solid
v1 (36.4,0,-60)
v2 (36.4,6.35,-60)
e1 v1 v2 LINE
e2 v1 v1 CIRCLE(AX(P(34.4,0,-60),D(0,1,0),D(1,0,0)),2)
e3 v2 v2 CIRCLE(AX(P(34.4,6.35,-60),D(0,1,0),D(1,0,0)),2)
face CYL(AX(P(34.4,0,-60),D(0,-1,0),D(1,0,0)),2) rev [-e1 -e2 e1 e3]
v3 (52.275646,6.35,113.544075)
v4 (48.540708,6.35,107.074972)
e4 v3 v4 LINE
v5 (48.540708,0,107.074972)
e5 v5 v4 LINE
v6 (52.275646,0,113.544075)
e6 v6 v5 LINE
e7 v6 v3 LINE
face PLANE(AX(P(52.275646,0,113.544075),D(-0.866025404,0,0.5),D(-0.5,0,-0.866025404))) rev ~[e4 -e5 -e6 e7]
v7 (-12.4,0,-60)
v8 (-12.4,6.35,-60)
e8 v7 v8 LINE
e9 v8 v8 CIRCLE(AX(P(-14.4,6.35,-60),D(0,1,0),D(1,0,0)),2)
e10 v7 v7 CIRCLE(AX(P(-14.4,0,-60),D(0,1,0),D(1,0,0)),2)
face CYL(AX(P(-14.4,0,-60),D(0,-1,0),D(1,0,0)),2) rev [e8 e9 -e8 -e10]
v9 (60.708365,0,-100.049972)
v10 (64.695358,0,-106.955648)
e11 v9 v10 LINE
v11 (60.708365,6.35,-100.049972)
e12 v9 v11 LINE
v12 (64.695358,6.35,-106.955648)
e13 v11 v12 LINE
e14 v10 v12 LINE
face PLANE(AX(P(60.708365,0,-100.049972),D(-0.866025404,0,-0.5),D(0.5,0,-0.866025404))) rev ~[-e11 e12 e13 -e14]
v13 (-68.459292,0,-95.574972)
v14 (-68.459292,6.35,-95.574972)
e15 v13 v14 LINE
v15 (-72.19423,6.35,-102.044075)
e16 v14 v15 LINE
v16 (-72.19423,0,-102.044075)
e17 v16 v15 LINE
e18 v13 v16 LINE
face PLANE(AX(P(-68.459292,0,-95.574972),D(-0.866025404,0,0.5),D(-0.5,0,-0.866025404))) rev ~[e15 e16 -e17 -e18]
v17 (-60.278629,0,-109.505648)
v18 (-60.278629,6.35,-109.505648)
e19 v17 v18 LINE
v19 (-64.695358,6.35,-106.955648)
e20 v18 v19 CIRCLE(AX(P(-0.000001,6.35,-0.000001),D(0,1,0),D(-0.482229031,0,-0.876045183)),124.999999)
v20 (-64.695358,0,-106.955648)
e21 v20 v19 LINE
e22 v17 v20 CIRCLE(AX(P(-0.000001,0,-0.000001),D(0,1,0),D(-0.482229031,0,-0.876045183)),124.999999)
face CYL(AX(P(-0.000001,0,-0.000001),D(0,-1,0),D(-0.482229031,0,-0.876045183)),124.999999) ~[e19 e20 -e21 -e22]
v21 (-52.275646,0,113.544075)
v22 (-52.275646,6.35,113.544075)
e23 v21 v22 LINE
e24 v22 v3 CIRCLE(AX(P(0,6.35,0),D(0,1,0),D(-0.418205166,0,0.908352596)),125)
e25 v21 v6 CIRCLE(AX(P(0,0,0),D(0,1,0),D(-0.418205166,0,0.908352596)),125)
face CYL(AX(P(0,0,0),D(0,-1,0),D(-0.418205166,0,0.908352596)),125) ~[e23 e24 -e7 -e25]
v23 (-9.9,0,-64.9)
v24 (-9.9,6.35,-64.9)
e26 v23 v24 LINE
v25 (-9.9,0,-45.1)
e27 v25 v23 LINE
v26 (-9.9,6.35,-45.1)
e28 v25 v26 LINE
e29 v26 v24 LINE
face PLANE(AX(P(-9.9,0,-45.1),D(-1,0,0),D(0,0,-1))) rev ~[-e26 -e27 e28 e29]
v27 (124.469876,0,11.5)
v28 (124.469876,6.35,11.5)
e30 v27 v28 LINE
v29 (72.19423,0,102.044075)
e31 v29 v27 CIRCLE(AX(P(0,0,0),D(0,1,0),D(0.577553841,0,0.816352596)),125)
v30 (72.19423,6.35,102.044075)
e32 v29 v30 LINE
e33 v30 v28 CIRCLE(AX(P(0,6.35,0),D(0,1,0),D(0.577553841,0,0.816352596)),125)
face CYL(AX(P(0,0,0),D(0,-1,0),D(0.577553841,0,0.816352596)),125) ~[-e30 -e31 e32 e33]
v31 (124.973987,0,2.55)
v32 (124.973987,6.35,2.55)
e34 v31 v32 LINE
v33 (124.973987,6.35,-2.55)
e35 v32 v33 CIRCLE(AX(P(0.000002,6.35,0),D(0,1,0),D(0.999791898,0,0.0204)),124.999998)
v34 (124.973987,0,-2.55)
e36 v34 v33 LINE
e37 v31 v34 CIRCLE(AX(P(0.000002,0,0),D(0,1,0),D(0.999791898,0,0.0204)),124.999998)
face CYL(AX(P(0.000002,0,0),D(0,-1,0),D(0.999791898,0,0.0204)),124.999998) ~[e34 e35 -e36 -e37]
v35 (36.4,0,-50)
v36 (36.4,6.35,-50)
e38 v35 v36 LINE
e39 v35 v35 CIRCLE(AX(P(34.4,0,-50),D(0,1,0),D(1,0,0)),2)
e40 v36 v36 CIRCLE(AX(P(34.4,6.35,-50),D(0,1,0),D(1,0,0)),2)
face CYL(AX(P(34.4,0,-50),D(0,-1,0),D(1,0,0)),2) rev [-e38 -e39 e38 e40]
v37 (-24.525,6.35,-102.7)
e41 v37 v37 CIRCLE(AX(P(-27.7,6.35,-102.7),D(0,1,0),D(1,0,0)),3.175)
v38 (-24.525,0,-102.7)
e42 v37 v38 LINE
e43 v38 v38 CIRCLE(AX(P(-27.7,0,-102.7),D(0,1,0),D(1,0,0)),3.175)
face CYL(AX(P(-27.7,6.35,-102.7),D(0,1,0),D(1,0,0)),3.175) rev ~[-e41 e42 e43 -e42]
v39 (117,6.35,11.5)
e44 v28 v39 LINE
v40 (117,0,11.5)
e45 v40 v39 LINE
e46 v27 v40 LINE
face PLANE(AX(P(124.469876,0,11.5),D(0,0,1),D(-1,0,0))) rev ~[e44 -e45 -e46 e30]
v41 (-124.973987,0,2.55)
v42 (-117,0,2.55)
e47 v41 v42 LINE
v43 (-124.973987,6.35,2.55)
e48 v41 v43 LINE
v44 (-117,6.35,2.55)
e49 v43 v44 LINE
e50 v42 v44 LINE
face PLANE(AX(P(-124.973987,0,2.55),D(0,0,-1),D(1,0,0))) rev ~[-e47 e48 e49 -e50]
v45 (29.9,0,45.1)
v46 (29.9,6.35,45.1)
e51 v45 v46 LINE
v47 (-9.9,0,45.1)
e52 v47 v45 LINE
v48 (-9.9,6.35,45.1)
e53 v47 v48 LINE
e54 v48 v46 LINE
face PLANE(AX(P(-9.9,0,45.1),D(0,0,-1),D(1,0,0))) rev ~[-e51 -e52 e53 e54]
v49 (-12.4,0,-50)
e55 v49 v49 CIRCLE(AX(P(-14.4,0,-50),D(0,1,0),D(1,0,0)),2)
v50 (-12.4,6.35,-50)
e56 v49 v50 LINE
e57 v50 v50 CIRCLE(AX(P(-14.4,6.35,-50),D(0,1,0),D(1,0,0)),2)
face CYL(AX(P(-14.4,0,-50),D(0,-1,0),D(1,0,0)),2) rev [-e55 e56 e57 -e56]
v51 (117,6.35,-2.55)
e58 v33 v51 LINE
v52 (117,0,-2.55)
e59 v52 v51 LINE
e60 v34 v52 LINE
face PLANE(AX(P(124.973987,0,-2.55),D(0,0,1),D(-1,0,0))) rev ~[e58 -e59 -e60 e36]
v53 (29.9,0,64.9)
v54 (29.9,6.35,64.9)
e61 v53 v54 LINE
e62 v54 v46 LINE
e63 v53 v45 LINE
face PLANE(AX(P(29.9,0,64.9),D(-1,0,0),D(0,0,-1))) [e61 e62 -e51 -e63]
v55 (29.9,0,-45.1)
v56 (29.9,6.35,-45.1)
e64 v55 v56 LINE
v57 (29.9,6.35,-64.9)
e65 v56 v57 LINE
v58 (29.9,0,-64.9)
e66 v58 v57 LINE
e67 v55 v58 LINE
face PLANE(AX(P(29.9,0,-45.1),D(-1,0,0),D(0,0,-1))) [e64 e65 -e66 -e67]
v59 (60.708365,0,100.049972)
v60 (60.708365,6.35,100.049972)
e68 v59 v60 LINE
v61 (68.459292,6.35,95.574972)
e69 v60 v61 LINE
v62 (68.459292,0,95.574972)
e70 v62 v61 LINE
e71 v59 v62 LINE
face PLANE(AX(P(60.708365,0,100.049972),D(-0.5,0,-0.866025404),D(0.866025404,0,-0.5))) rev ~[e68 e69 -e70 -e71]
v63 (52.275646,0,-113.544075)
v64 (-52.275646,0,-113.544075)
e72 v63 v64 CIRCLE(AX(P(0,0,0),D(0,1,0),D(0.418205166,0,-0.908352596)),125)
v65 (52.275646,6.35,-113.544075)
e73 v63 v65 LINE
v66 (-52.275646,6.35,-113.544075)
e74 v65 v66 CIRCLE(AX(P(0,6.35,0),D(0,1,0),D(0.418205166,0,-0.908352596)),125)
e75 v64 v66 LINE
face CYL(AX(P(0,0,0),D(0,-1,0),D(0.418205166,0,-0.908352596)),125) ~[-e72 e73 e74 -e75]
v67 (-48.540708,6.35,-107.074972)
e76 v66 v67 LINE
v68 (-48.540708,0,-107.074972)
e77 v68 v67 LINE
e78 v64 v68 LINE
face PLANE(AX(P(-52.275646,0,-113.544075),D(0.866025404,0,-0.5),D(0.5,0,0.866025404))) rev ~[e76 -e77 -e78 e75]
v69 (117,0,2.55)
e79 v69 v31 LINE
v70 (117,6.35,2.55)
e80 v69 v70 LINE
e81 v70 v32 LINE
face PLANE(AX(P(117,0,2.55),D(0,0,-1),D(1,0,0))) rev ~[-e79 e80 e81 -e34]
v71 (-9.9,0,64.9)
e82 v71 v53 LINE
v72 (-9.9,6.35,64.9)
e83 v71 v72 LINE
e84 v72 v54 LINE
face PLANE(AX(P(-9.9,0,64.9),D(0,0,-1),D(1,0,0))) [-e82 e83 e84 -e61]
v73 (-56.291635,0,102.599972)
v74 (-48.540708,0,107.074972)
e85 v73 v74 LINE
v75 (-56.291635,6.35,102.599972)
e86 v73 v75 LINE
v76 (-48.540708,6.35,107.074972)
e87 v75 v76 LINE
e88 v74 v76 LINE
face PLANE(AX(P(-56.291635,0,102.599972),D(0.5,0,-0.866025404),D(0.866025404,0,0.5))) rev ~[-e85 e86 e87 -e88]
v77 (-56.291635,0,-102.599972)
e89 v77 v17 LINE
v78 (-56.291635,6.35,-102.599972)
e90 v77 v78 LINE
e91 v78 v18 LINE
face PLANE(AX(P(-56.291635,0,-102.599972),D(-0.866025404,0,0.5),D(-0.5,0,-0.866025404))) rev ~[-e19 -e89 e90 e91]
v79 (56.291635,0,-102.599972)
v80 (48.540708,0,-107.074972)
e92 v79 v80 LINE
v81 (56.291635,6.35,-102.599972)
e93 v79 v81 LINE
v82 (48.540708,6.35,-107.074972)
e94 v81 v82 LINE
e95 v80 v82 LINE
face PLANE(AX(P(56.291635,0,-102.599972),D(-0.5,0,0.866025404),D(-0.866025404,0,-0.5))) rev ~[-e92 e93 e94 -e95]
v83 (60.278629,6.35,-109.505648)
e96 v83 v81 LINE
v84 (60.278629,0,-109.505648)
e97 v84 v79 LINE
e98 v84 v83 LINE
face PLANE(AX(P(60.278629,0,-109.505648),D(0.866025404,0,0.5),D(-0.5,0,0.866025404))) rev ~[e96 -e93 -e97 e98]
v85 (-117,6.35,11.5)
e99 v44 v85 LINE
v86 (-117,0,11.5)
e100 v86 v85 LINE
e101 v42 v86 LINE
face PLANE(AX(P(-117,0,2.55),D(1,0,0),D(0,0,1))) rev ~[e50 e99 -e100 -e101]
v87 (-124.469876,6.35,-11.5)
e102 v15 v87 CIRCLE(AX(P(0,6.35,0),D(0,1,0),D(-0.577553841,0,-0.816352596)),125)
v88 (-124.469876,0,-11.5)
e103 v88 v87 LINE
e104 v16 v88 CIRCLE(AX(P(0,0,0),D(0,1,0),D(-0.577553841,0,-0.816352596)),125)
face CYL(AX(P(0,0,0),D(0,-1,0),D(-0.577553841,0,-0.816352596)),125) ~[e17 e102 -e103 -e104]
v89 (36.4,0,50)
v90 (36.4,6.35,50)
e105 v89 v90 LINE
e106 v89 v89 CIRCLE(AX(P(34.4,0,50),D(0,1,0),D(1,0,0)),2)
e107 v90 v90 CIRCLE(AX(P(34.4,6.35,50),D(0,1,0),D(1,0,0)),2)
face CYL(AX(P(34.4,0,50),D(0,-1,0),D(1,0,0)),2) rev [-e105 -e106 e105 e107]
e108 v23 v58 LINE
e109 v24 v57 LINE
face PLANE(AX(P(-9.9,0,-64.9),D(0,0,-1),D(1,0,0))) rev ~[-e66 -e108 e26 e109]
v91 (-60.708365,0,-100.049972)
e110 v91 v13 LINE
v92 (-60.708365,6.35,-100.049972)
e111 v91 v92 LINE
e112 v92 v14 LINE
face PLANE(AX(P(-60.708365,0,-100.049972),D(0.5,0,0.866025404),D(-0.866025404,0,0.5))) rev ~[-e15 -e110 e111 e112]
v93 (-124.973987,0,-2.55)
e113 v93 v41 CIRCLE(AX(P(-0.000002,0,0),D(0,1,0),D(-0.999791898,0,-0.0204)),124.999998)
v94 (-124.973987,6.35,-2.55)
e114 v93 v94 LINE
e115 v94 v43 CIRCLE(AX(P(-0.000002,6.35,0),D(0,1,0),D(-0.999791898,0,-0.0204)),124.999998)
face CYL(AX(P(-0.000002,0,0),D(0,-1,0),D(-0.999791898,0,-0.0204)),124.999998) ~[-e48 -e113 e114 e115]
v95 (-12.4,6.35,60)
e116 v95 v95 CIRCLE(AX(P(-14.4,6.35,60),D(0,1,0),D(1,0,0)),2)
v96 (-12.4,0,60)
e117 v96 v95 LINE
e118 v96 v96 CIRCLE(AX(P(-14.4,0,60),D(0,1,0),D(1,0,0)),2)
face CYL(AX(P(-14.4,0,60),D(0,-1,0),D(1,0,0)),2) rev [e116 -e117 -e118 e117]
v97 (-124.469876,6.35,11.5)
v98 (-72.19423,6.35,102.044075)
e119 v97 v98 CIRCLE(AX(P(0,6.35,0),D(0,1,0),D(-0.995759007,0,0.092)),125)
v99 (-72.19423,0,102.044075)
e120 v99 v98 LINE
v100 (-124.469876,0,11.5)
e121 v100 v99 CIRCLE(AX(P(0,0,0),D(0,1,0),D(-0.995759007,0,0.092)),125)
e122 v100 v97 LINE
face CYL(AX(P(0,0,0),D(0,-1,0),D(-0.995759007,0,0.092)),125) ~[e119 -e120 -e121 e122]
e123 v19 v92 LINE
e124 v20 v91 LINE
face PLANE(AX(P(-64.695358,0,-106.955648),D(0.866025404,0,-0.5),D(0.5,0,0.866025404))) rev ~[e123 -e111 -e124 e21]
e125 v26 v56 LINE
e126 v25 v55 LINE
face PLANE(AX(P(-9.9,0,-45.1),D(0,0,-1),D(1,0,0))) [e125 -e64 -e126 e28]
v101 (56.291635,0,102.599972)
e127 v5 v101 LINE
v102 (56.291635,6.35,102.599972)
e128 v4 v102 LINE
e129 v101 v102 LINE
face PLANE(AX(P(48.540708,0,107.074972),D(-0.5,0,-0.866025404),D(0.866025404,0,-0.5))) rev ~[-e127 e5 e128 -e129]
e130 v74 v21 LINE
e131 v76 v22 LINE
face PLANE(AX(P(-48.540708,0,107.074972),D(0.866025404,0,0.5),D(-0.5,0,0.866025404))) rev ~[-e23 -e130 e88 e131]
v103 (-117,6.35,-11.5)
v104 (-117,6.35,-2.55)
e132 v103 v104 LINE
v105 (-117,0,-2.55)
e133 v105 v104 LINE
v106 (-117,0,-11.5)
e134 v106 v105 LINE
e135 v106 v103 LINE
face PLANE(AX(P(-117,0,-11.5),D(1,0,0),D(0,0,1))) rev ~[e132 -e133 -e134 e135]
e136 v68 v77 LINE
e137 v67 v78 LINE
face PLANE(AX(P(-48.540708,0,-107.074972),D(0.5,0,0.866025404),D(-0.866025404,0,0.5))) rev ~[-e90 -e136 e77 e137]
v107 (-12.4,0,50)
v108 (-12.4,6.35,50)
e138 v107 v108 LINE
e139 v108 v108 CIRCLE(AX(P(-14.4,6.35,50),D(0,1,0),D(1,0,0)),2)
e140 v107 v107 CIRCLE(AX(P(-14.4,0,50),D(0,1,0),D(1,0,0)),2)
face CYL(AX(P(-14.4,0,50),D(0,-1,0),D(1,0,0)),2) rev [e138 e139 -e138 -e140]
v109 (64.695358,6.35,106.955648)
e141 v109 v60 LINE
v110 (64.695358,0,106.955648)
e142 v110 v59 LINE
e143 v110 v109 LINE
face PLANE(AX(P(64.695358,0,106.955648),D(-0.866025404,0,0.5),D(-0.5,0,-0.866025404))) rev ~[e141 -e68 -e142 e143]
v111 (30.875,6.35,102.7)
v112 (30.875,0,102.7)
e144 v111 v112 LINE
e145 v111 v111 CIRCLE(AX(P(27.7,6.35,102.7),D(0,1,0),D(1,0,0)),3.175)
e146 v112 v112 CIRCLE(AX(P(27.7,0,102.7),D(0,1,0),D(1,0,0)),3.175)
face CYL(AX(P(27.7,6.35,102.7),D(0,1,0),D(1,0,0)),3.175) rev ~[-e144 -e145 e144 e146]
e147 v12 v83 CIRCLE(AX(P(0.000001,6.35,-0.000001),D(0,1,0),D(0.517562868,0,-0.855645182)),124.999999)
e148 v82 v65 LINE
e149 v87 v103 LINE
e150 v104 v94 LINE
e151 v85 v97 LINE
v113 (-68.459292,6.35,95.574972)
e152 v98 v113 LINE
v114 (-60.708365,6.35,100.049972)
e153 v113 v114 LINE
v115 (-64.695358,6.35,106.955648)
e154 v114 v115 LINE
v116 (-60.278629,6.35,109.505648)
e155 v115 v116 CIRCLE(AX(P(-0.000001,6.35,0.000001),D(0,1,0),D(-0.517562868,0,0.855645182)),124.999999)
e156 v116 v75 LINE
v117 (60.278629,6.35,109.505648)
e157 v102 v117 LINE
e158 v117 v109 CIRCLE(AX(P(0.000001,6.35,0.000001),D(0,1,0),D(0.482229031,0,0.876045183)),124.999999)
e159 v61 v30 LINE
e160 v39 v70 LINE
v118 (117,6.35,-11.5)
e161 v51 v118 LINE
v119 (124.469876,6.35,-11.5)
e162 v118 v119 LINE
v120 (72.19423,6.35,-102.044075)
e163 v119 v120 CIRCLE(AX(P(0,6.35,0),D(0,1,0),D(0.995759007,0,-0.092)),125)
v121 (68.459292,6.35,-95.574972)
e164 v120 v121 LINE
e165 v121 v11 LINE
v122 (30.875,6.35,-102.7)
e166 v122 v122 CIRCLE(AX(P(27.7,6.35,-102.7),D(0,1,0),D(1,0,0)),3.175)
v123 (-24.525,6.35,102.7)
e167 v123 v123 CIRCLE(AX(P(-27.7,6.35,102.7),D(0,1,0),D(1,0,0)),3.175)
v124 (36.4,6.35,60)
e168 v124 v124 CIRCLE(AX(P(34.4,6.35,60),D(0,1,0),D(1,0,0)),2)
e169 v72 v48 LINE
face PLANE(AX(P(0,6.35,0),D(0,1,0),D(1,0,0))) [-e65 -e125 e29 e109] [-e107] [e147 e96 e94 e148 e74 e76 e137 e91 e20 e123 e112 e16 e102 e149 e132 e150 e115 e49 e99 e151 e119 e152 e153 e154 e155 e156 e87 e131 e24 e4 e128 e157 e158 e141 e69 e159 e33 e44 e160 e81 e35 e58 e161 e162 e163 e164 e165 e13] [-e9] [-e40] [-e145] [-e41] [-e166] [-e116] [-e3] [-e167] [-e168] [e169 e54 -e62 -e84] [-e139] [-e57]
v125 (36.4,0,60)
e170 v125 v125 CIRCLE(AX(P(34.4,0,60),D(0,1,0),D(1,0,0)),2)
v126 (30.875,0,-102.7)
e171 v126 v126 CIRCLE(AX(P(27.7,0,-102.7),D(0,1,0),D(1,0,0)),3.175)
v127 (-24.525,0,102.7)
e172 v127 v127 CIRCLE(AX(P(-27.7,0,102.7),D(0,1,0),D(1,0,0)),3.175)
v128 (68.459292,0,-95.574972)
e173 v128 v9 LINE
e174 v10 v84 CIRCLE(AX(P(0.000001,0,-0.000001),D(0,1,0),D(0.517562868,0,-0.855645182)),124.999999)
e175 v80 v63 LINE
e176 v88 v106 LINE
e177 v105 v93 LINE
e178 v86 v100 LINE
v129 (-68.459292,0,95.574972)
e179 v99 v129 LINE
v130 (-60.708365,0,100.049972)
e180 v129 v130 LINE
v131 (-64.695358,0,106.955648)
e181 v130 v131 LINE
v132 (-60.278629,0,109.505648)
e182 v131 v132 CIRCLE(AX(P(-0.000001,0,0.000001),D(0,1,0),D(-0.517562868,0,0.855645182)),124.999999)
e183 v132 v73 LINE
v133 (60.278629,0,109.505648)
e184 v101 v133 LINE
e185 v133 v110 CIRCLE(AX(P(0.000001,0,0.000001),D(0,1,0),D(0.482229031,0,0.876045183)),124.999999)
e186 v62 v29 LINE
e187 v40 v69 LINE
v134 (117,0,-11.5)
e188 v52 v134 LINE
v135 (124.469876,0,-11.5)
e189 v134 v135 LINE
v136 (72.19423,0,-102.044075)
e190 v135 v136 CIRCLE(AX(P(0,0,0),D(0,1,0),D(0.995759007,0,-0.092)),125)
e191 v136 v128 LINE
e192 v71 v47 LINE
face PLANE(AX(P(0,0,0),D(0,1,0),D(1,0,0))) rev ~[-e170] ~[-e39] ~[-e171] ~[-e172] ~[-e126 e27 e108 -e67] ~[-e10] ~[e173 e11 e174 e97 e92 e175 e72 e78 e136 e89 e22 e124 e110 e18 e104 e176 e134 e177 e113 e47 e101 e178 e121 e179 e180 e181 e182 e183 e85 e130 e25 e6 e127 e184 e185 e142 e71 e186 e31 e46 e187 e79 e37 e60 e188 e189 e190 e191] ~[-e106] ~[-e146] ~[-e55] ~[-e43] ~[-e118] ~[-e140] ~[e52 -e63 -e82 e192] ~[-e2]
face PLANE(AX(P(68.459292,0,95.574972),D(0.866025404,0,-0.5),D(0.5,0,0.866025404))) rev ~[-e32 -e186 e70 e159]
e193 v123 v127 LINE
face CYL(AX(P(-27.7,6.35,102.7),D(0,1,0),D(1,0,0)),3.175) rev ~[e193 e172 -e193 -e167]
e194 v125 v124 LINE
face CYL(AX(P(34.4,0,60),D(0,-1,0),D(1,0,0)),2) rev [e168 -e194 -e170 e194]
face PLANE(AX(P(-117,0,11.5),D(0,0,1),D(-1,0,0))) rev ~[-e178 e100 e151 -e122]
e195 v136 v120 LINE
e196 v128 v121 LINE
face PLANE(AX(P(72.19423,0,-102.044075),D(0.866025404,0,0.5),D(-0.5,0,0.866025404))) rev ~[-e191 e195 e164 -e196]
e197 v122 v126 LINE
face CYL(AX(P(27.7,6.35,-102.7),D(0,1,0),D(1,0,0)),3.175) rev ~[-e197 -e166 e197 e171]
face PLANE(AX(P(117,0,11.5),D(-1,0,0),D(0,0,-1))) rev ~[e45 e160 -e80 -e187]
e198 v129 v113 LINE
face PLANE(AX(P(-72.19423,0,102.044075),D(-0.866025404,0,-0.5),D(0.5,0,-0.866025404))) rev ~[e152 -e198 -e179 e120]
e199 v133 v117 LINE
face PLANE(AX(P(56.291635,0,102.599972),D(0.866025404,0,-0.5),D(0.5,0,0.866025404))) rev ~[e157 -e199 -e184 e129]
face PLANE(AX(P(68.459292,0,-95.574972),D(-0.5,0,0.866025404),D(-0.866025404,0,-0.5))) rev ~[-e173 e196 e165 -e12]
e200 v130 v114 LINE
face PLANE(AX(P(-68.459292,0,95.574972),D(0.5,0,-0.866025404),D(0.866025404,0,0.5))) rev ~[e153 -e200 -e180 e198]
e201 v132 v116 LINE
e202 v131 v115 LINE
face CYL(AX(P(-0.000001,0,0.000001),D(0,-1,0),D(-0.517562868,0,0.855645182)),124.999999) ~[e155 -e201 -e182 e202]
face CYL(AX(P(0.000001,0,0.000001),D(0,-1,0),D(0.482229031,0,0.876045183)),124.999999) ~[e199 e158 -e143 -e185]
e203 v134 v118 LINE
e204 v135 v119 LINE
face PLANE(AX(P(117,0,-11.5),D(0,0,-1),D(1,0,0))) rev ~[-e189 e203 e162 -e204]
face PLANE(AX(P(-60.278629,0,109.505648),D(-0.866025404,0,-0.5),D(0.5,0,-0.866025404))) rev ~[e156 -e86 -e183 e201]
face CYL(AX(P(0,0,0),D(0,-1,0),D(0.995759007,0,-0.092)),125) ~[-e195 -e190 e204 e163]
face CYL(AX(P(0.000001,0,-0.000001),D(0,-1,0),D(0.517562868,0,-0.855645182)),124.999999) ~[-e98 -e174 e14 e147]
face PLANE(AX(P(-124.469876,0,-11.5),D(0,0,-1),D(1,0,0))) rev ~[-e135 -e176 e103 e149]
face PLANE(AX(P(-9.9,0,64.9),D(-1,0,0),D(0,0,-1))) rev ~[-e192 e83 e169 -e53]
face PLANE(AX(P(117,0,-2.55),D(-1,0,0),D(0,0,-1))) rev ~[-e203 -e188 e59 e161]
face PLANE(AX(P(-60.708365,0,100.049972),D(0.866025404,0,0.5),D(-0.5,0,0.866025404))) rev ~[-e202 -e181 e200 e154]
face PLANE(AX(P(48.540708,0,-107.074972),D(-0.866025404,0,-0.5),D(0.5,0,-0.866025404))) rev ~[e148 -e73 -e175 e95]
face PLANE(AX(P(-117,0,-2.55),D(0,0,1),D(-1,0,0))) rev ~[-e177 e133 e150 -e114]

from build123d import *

# Parameters (mm, degrees)
SKETCH1_R           = 2
SKETCH1_W           = 39.8
SKETCH1_H           = 19.8
BOSS_EXTRUDE1_DEPTH = 6.35
SKETCH3_R           = 3.175
CUT_EXTRUDE1_DEPTH  = 6.35


with BuildPart() as part:
    # Sketch1 → Boss-Extrude1 (new body)
    with BuildSketch(Plane(origin=(0, 0, 0), x_dir=(1, 0, 0), z_dir=(0, 1, 0))):
        with BuildLine():
            Line((-124.469875874, 11.5), (-117, 11.5))
            Line((-117, 11.5), (-117, 2.55))
            Line((-117, 2.55), (-124.973987293, 2.55))
            ThreePointArc((-124.973987293, 2.55), (-125, 0), (-124.973987293, -2.55))
            Line((-124.973987293, -2.55), (-117, -2.55))
            Line((-117, -2.55), (-117, -11.5))
            Line((-117, -11.5), (-124.469875874, -11.5))
            ThreePointArc((-124.469875874, -11.5), (-108.253175473, -62.5), (-72.19423008, -102.044074512))
            Line((-72.19423008, -102.044074512), (-68.459292144, -95.574972243))
            Line((-68.459292144, -95.574972243), (-60.70836478, -100.049972243))
            Line((-60.70836478, -100.049972243), (-64.695358426, -106.955647808))
            ThreePointArc((-64.695358426, -106.955647808), (-62.5, -108.253175473), (-60.278628867, -109.505647808))
            Line((-60.278628867, -109.505647808), (-56.29163522, -102.599972243))
            Line((-56.29163522, -102.599972243), (-48.540707856, -107.074972243))
            Line((-48.540707856, -107.074972243), (-52.275645793, -113.544074512))
            ThreePointArc((-52.275645793, -113.544074512), (0, -125), (52.275645793, -113.544074512))
            Line((52.275645793, -113.544074512), (48.540707856, -107.074972243))
            Line((48.540707856, -107.074972243), (56.29163522, -102.599972243))
            Line((56.29163522, -102.599972243), (60.278628867, -109.505647808))
            ThreePointArc((60.278628867, -109.505647808), (62.5, -108.253175473), (64.695358426, -106.955647808))
            Line((64.695358426, -106.955647808), (60.70836478, -100.049972243))
            Line((60.70836478, -100.049972243), (68.459292144, -95.574972243))
            Line((68.459292144, -95.574972243), (72.19423008, -102.044074512))
            ThreePointArc((72.19423008, -102.044074512), (108.253175473, -62.5), (124.469875874, -11.5))
            Line((124.469875874, -11.5), (117, -11.5))
            Line((117, -11.5), (117, -2.55))
            Line((117, -2.55), (124.973987293, -2.55))
            ThreePointArc((124.973987293, -2.55), (125, 0), (124.973987293, 2.55))
            Line((124.973987293, 2.55), (117, 2.55))
            Line((117, 2.55), (117, 11.5))
            Line((117, 11.5), (124.469875874, 11.5))
            ThreePointArc((124.469875874, 11.5), (108.253175473, 62.5), (72.19423008, 102.044074512))
            Line((72.19423008, 102.044074512), (68.459292144, 95.574972243))
            Line((68.459292144, 95.574972243), (60.70836478, 100.049972243))
            Line((60.70836478, 100.049972243), (64.695358426, 106.955647808))
            ThreePointArc((64.695358426, 106.955647808), (62.5, 108.253175473), (60.278628867, 109.505647808))
            Line((60.278628867, 109.505647808), (56.29163522, 102.599972243))
            Line((56.29163522, 102.599972243), (48.540707856, 107.074972243))
            Line((48.540707856, 107.074972243), (52.275645793, 113.544074512))
            ThreePointArc((52.275645793, 113.544074512), (0, 125), (-52.275645793, 113.544074512))
            Line((-52.275645793, 113.544074512), (-48.540707856, 107.074972243))
            Line((-48.540707856, 107.074972243), (-56.29163522, 102.599972243))
            Line((-56.29163522, 102.599972243), (-60.278628867, 109.505647808))
            ThreePointArc((-60.278628867, 109.505647808), (-62.5, 108.253175473), (-64.695358426, 106.955647808))
            Line((-64.695358426, 106.955647808), (-60.70836478, 100.049972243))
            Line((-60.70836478, 100.049972243), (-68.459292144, 95.574972243))
            Line((-68.459292144, 95.574972243), (-72.19423008, 102.044074512))
            ThreePointArc((-72.19423008, 102.044074512), (-108.253175473, 62.5), (-124.469875874, 11.5))
        make_face()
        with Locations((34.4, 60)):
            Circle(SKETCH1_R, mode=Mode.SUBTRACT)
        with Locations((34.4, 50)):
            Circle(SKETCH1_R, mode=Mode.SUBTRACT)
        with Locations((-14.4, 60)):
            Circle(SKETCH1_R, mode=Mode.SUBTRACT)
        with Locations((-14.4, 50)):
            Circle(SKETCH1_R, mode=Mode.SUBTRACT)
        with Locations((-14.4, -60)):
            Circle(SKETCH1_R, mode=Mode.SUBTRACT)
        with Locations((-14.4, -50)):
            Circle(SKETCH1_R, mode=Mode.SUBTRACT)
        with Locations((34.4, -60)):
            Circle(SKETCH1_R, mode=Mode.SUBTRACT)
        with Locations((34.4, -50)):
            Circle(SKETCH1_R, mode=Mode.SUBTRACT)
        with Locations((10, 55)):
            Rectangle(SKETCH1_W, SKETCH1_H, mode=Mode.SUBTRACT)
        with Locations((10, -55)):
            Rectangle(SKETCH1_W, SKETCH1_H, mode=Mode.SUBTRACT)
    extrude(amount=BOSS_EXTRUDE1_DEPTH)

    # Sketch3 → Cut-Extrude1 (cut)
    with BuildSketch(Plane(origin=(0, 6.35, 0), x_dir=(1, 0, 0), z_dir=(0, 1, 0))):
        with Locations((-27.7, -102.7)):
            Circle(SKETCH3_R)
        with Locations((27.7, -102.7)):
            Circle(SKETCH3_R)
        with Locations((27.7, 102.7)):
            Circle(SKETCH3_R)
        with Locations((-27.7, 102.7)):
            Circle(SKETCH3_R)
    extrude(amount=-CUT_EXTRUDE1_DEPTH, mode=Mode.SUBTRACT)


solid = part.part
